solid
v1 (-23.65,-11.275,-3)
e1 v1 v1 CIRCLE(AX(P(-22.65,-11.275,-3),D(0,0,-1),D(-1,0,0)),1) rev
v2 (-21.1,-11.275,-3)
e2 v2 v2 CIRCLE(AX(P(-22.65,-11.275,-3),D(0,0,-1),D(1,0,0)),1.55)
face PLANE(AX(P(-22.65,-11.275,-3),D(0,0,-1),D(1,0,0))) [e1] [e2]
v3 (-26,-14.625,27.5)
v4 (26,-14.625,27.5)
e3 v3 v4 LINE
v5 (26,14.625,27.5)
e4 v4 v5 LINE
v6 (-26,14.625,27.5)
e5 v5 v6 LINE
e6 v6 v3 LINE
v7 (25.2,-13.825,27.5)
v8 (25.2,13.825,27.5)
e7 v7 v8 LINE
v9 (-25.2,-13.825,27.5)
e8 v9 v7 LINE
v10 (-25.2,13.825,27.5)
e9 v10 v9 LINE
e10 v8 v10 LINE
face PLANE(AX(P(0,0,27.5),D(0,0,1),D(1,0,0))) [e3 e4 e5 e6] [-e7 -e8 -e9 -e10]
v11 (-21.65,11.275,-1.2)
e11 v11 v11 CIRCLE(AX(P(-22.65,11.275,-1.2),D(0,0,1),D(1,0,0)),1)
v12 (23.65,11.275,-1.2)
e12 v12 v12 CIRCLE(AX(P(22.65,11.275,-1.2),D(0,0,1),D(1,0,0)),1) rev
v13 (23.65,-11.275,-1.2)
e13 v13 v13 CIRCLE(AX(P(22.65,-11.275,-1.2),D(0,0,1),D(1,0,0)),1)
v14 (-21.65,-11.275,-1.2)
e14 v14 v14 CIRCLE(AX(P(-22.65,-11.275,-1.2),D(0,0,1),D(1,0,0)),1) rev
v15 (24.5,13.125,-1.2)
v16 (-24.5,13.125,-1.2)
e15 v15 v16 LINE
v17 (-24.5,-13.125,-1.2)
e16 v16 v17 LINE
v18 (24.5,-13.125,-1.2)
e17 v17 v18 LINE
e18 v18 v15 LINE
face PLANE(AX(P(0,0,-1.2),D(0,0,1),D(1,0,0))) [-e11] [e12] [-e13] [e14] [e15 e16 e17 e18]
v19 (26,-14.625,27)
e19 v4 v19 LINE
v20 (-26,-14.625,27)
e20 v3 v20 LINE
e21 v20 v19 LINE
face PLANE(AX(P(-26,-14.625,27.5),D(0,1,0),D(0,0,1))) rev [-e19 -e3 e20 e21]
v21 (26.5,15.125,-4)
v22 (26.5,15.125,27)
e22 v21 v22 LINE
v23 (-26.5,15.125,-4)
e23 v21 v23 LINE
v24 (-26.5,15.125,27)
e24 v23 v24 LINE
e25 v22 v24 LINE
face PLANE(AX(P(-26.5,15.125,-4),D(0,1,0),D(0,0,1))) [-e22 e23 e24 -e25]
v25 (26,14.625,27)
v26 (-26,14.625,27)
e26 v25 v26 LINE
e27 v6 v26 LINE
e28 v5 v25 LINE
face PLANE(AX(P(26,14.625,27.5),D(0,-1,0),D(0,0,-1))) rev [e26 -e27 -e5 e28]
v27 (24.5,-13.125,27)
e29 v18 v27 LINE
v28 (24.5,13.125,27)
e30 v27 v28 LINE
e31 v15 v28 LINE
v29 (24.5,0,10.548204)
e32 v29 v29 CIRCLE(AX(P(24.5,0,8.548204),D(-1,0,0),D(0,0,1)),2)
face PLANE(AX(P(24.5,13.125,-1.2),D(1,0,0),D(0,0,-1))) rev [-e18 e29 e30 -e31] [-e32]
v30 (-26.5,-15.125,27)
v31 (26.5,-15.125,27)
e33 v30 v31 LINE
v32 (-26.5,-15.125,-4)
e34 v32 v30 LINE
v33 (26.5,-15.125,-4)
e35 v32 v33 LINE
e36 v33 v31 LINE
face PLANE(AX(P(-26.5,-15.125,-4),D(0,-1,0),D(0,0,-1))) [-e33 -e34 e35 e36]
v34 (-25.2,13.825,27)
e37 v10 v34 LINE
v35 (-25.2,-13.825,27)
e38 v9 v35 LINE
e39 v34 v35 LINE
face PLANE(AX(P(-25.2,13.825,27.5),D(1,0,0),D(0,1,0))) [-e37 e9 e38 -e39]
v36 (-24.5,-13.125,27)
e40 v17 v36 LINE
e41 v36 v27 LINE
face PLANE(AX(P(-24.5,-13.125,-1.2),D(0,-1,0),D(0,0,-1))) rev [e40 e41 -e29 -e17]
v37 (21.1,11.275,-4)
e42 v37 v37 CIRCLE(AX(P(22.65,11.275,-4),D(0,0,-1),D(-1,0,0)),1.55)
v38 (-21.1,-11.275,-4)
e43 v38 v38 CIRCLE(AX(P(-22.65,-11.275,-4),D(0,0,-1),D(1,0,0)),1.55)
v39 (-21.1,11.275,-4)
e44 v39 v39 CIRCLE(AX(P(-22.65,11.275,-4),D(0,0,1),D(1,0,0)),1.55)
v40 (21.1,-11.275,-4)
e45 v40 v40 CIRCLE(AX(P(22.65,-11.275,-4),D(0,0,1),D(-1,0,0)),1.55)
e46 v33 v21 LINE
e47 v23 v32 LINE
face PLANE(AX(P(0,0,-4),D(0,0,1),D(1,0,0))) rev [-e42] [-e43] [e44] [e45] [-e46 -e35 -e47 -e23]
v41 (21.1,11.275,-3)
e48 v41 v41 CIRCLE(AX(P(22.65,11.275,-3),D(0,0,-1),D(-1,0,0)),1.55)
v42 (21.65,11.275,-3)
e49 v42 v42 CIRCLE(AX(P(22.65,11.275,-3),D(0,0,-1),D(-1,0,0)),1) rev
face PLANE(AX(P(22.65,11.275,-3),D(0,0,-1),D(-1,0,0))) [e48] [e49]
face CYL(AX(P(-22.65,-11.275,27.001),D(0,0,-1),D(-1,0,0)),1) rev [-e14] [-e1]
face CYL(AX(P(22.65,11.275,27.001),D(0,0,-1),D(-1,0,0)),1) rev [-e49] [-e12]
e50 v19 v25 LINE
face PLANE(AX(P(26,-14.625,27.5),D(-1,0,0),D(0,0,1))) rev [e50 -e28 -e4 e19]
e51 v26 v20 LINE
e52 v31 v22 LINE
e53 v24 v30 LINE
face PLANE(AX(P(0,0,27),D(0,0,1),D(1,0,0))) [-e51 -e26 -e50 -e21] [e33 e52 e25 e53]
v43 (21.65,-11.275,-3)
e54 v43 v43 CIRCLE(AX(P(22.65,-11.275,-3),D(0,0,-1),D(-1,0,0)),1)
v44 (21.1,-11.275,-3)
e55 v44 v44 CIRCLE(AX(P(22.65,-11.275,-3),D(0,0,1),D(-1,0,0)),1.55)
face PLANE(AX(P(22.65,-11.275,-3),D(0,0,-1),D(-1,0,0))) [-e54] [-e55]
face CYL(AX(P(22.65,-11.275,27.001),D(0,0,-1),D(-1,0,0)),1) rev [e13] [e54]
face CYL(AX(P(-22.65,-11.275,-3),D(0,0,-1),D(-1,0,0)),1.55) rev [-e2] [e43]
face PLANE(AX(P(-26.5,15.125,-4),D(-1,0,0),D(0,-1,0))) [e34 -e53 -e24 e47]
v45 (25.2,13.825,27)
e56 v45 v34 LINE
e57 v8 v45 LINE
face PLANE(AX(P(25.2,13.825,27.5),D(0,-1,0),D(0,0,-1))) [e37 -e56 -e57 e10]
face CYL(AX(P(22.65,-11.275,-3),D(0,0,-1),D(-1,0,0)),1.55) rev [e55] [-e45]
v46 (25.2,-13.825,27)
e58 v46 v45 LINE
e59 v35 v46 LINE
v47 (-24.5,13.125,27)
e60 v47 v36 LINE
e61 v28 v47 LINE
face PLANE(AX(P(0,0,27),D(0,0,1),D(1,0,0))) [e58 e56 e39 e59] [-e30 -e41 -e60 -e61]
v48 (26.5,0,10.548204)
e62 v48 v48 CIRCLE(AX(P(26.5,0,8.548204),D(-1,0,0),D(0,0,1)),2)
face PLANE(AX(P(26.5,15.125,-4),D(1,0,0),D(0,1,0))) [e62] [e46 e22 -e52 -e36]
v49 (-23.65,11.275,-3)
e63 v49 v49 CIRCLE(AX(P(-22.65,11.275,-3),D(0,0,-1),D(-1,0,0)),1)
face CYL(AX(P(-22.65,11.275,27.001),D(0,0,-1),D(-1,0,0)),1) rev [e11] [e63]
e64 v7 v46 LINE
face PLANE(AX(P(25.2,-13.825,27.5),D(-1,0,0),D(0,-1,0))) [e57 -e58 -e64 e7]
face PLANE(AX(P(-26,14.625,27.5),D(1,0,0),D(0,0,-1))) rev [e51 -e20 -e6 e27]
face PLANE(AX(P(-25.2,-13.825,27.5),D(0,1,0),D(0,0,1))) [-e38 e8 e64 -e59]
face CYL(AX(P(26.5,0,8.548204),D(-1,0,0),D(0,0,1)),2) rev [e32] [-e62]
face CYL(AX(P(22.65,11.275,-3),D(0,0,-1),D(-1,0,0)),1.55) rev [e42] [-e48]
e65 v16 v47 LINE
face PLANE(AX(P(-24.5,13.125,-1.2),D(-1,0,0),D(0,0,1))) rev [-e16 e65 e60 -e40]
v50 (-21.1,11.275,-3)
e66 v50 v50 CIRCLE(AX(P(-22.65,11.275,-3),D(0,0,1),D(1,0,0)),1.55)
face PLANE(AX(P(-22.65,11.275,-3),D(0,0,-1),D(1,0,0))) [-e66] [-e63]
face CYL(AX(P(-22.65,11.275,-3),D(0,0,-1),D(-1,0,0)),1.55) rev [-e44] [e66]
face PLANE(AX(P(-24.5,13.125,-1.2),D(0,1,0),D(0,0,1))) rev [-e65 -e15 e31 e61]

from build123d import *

# Parameters (mm, degrees)
EXTRUDE_1_DEPTH          = 27
EXTRUDE_1_DEPTH_BACK     = 4
SKETCH_1_W               = 53
SKETCH_1_H               = 30.25
SKETCH_2_W               = 49
SKETCH_2_H               = 26.25
CUT_EXTRUDE_1_DEPTH      = 28.2
SKETCH_3_W               = 52
SKETCH_3_H               = 29.25
SKETCH_3_W_2             = 50.4
SKETCH_3_H_2             = 27.65
CUT_EXTRUDE_2_DEPTH      = 1
CUT_EXTRUDE_3_REACH      = 45.497
SKETCH_4_R               = 1
SKETCH_5_R               = 1.55
CUT_EXTRUDE_4_DEPTH      = 1
MIRROR_2_COPY_1_REACH    = 45.497
MIRROR_2_COPY_1_SKETCH_R = 1
MIRROR_2_COPY_2_SKETCH_R = 1.55
MIRROR_2_COPY_2_DEPTH    = 1
SKETCH_7_R               = 2
CUT_EXTRUDE_6_DEPTH      = 60.655390578
SKETCH_8_W               = 52
SKETCH_8_H               = 29.25
SKETCH_8_W_2             = 50.4
SKETCH_8_H_2             = 27.65
EXTRUDE_2_DEPTH          = 1.5


with BuildPart() as part:
    # 草图1 → 凸台-拉伸1 (new, two sides: drawn at the far end of the back side and taken through both)
    with BuildSketch(Plane.XY.offset(-EXTRUDE_1_DEPTH_BACK)):
        Rectangle(SKETCH_1_W, SKETCH_1_H)
    extrude(amount=EXTRUDE_1_DEPTH + EXTRUDE_1_DEPTH_BACK)

    # 草图2 → 切除-拉伸1 (cut)
    with BuildSketch(Plane.XY.offset(27)):
        Rectangle(SKETCH_2_W, SKETCH_2_H)
    extrude(amount=-CUT_EXTRUDE_1_DEPTH, mode=Mode.SUBTRACT)

    # 草图3 → 切除-拉伸2 (cut)
    with BuildSketch(Plane.XY.offset(27)):
        Rectangle(SKETCH_3_W, SKETCH_3_H)
        Rectangle(SKETCH_3_W_2, SKETCH_3_H_2, mode=Mode.SUBTRACT)
    extrude(amount=-CUT_EXTRUDE_2_DEPTH, mode=Mode.SUBTRACT)

    # 草图4 → 切除-拉伸3 (cut, up to next)
    with BuildSketch(Plane(origin=(0, 0, -4), x_dir=(-1, 0, 0), z_dir=(0, 0, -1)), mode=Mode.PRIVATE) as cut_extrude_3_sk1:
        with Locations((-22.65, 11.275)):
            Circle(SKETCH_4_R)
    cut_extrude_3_tool1 = extrude(cut_extrude_3_sk1.sketch, amount=-CUT_EXTRUDE_3_REACH, mode=Mode.PRIVATE) & part.part
    cut_extrude_3 = cut_extrude_3_tool1.solids().sort_by_distance((22.65, 11.275, -4))[0]
    add(cut_extrude_3, mode=Mode.SUBTRACT)

    # 草图5 → 切除-拉伸4 (cut)
    with BuildSketch(Plane(origin=(0, 0, -4), x_dir=(-1, 0, 0), z_dir=(0, 0, -1))):
        with Locations((-22.65, 11.275)):
            Circle(SKETCH_5_R)
    cut_extrude_4 = extrude(amount=-CUT_EXTRUDE_4_DEPTH, mode=Mode.SUBTRACT)

    # 镜向1: 切除-拉伸3, 切除-拉伸4 across plane
    add(cut_extrude_3.mirror(Plane.ZX), mode=Mode.SUBTRACT)
    add(cut_extrude_4.mirror(Plane.ZX), mode=Mode.SUBTRACT)

    # 镜向2: 切除-拉伸3, 切除-拉伸4 across plane
    add(cut_extrude_3.mirror(Plane(origin=(0, 0, 0), x_dir=(0, 0, 1), z_dir=(1, 0, 0))), mode=Mode.SUBTRACT)
    add(cut_extrude_4.mirror(Plane(origin=(0, 0, 0), x_dir=(0, 0, 1), z_dir=(1, 0, 0))), mode=Mode.SUBTRACT)

    # 镜向2 copy 1 sketch → 镜向2 copy 1 (cut, up to next)
    with BuildSketch(Plane(origin=(0, 0, -4), x_dir=(1, 0, 0), z_dir=(0, 0, -1)), mode=Mode.PRIVATE) as mirror_2_copy_1_sk1:
        with Locations((-22.65, 11.275)):
            Circle(MIRROR_2_COPY_1_SKETCH_R)
    mirror_2_copy_1_tool1 = extrude(mirror_2_copy_1_sk1.sketch, amount=-MIRROR_2_COPY_1_REACH, mode=Mode.PRIVATE) & part.part
    add(mirror_2_copy_1_tool1.solids().sort_by_distance((-22.65, -11.275, -4))[0], mode=Mode.SUBTRACT)

    # 镜向2 copy 2 sketch → 镜向2 copy 2 (cut)
    with BuildSketch(Plane(origin=(0, 0, -4), x_dir=(1, 0, 0), z_dir=(0, 0, -1))):
        with Locations((-22.65, 11.275)):
            Circle(MIRROR_2_COPY_2_SKETCH_R)
    extrude(amount=-MIRROR_2_COPY_2_DEPTH, mode=Mode.SUBTRACT)

    # 草图7 → 切除-拉伸6 (cut, through all)
    with BuildSketch(Plane.ZY.offset(-24.5)):
        with Locations((8.54820427, 0)):
            Circle(SKETCH_7_R)
    extrude(amount=-CUT_EXTRUDE_6_DEPTH, mode=Mode.SUBTRACT)

    # 草图8 → 凸台-拉伸2 (add)
    with BuildSketch(Plane.XY.offset(26)):
        Rectangle(SKETCH_8_W, SKETCH_8_H)
        Rectangle(SKETCH_8_W_2, SKETCH_8_H_2, mode=Mode.SUBTRACT)
    extrude(amount=EXTRUDE_2_DEPTH)


solid = part.part
